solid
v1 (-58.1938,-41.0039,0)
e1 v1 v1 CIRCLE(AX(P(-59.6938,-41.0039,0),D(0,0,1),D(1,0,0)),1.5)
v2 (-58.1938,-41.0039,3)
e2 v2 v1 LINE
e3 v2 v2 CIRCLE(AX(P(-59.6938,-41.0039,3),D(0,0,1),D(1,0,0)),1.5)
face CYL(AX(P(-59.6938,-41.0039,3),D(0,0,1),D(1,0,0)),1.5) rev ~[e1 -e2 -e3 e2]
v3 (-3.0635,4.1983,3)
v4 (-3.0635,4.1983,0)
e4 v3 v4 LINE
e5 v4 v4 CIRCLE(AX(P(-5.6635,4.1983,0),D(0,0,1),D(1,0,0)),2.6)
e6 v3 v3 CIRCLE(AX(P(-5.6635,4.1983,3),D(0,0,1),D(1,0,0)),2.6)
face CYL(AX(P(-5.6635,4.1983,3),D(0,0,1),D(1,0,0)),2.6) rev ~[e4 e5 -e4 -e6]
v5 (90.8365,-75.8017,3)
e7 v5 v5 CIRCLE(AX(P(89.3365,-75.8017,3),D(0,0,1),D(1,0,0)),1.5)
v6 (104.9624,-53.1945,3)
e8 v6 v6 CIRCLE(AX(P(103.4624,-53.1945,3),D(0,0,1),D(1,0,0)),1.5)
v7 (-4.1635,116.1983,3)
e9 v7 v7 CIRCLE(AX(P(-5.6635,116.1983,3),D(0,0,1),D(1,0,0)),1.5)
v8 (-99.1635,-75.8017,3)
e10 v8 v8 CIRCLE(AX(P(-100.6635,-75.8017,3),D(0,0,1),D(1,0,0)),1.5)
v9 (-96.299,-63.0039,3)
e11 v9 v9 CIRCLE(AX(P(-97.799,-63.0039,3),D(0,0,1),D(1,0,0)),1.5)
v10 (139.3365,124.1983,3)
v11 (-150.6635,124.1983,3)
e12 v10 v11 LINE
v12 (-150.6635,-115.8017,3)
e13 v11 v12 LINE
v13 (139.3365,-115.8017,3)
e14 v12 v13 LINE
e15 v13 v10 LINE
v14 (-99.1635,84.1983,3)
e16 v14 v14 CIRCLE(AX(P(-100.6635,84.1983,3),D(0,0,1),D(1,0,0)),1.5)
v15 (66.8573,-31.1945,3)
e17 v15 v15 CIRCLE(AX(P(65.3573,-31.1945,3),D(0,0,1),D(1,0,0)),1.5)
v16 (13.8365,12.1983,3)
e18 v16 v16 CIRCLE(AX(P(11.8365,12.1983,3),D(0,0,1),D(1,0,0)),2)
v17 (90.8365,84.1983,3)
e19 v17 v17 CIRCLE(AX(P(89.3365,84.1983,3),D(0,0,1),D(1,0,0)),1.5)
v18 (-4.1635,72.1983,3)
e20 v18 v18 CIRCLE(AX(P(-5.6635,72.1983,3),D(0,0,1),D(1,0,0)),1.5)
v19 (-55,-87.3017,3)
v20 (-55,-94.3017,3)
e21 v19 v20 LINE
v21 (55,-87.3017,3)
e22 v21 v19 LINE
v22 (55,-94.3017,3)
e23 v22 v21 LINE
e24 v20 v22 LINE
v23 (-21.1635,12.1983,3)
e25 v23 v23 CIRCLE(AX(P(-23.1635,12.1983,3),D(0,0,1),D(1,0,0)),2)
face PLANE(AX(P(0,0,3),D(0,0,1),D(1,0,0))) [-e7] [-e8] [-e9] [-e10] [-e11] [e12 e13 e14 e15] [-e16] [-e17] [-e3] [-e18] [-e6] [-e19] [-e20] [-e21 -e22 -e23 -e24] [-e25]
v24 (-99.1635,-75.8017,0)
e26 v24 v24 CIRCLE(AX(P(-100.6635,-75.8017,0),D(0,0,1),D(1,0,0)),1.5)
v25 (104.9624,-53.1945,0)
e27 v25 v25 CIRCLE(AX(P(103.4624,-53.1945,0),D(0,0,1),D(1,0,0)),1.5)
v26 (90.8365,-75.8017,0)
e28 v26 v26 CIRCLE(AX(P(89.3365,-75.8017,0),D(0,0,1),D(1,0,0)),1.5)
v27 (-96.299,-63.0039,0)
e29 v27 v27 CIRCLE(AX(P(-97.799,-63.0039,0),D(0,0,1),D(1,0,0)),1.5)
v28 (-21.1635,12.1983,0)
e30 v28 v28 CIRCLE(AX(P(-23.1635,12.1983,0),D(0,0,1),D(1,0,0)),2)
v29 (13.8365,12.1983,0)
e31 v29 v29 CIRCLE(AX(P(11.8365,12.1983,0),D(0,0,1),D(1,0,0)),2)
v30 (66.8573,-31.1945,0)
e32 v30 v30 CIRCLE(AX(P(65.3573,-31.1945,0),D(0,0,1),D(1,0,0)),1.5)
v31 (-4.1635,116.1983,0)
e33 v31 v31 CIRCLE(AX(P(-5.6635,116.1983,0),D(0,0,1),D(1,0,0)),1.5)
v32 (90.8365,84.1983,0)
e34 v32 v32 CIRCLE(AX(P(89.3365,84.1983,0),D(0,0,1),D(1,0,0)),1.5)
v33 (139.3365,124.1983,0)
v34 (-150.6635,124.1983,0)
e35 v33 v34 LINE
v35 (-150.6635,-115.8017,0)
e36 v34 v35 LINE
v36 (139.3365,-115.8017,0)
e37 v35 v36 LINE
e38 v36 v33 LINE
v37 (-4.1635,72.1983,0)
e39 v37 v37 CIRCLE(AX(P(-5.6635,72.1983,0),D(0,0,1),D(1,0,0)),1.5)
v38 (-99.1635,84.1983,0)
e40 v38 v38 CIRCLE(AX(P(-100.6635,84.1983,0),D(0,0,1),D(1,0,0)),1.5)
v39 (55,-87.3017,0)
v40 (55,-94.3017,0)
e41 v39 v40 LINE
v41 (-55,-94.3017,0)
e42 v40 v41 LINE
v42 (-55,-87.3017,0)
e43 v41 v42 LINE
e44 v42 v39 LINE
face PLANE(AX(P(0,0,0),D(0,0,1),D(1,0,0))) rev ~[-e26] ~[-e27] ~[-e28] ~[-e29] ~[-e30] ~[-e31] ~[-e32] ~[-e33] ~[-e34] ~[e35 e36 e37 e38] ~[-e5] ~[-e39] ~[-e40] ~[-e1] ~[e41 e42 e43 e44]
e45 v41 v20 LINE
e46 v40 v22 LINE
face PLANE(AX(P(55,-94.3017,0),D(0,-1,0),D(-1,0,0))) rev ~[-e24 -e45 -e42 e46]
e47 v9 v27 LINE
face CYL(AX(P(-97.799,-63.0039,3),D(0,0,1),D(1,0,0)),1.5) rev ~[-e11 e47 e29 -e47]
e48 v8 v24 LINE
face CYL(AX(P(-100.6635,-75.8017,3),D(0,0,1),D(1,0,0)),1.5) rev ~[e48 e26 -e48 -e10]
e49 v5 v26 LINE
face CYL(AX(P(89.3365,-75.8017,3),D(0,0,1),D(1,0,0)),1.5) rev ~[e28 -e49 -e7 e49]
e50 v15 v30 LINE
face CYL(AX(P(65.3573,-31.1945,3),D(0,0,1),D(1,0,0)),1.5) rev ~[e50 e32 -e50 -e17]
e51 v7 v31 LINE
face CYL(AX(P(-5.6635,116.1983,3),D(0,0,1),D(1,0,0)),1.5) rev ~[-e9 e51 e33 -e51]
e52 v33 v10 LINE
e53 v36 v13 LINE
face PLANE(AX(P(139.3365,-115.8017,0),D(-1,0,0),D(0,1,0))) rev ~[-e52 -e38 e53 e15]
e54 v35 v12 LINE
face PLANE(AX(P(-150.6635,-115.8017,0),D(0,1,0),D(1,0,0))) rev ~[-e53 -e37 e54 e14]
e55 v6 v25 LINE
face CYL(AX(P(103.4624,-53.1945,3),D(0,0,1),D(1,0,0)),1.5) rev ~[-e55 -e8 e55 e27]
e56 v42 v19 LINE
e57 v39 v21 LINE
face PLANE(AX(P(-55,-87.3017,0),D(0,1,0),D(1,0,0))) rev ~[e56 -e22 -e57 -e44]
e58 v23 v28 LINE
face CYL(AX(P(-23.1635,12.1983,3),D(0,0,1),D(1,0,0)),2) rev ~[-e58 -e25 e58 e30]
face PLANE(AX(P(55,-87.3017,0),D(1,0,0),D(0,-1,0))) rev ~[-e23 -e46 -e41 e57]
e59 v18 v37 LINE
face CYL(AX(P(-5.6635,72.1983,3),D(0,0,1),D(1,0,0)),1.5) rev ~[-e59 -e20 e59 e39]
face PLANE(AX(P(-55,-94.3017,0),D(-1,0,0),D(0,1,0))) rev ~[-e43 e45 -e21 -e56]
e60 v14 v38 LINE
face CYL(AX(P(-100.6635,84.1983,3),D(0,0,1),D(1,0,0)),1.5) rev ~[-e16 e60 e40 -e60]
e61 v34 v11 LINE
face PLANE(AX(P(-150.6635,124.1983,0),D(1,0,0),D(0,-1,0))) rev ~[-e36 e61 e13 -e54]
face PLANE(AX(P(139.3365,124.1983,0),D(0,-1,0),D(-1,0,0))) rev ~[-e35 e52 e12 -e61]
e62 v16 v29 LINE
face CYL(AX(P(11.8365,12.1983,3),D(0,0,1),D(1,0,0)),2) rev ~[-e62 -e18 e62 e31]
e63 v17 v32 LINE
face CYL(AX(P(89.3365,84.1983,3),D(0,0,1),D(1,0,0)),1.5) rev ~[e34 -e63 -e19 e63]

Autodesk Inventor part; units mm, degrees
ref_plane "YZ Plane" through (0, 0, 0) normal (1, 0, 0) x (0, 1, 0)
ref_plane "XZ Plane" through (0, 0, 0) normal (0, 1, 0) x (-1, 0, 0)
ref_plane "XY Plane" through (0, 0, 0) normal (0, 0, 1) x (1, 0, 0)
sketch "Эскиз1" plane through (0, 0, 0) normal (0, 0, 1) x (1, 0, 0)
  line L0 (-150.6635, -115.8017) -> (139.3365, -115.8017)
  line L1 (139.3365, -115.8017) -> (139.3365, 124.1983)
  line L2 (139.3365, 124.1983) -> (-150.6635, 124.1983)
  line L3 (-150.6635, 124.1983) -> (-150.6635, -115.8017)
  line L4 (139.3365, -115.8017) -> (-150.6635, 124.1983) construction
  line L5 (-150.6635, -115.8017) -> (139.3365, 124.1983) construction
  point P0 (-5.6635, 4.1983)
  point P1 (-5.6635, 4.1983)
  point P2 (-5.6635, 4.1983)
  dimension "d0" = 240
  dimension "d1" = 290
extrude "Выдавливание1" add sketch "Эскиз1" along normal blind 3
sketch "Эскиз2" plane through (0, 0, 3) normal (0, 0, 1) x (1, 0, 0)
  circle A0 centre (0, 0) radius 100
  dimension "d4" = 200
ref_plane "РабПлоскость1" through (-5.6635, -115.8017, 0) normal (-1, 0, 0) x (0, 0, 1)
ref_plane "РабПлоскость2" through (-150.6635, 4.1983, 0) normal (0, 1, 0) x (1, 0, 0)
sketch "Эскиз3" plane through (0, 0, 3) normal (0, 0, 1) x (1, 0, 0)
  circle A0 centre (-97.799, -63.0039) radius 1.5 projected
  circle A1 centre (-59.6938, -41.0039) radius 1.5 projected
  circle A2 centre (103.4624, -53.1945) radius 1.5 projected
  circle A3 centre (65.3573, -31.1945) radius 1.5 projected
  circle A4 centre (-5.6635, 72.1983) radius 1.5 projected
  circle A5 centre (-5.6635, 116.1983) radius 1.5 projected
  point P0 (0, 0)
extrude "Выдавливание2" cut sketch "Эскиз3" against normal blind 10
sketch "Эскиз4" plane through (0, 0, 0) normal (0, 0, -1) x (-1, 0, 0)
  line L0 (-55, -94.3017) -> (55, -94.3017)
  line L1 (55, -94.3017) -> (55, -87.3017)
  line L2 (55, -87.3017) -> (-55, -87.3017)
  line L3 (-55, -87.3017) -> (-55, -94.3017)
  line L4 (0, 0) -> (0, 37.9821) construction
  line L5 (150.6635, -115.8017) -> (-139.3365, -115.8017) construction
  line L6 (-11.6132, -94.8017) -> (-38.9526, -94.8017) projected
  line L7 (-11.6132, -89.8017) -> (-38.9526, -89.8017) projected
  point P0 (0, -87.3017)
  dimension "d7" = 7
  dimension "d8" = 55
  dimension "d9" = 21.5
extrude "Выдавливание3" cut sketch "Эскиз4" against normal blind 10
sketch "Эскиз6" plane through (0, 0, 3) normal (0, 0, 1) x (1, 0, 0)
  circle A0 centre (-23.1635, 12.1983) radius 2 projected
  circle A1 centre (11.8365, 12.1983) radius 2 projected
  line L0 (55, -87.3017) -> (-55, -87.3017) projected
  line L1 (-55, -87.3017) -> (-55, -94.3017) projected
  line L2 (-55, -94.3017) -> (55, -94.3017) projected
  line L3 (55, -94.3017) -> (55, -87.3017) projected
  circle A2 centre (65.3573, -31.1945) radius 1.5 projected
  circle A3 centre (-97.799, -63.0039) radius 1.5 projected
  circle A4 centre (103.4624, -53.1945) radius 1.5 projected
  circle A5 centre (-59.6938, -41.0039) radius 1.5 projected
  circle A6 centre (-5.6635, 72.1983) radius 1.5 projected
  circle A7 centre (-5.6635, 116.1983) radius 1.5 projected
  line L4 (139.3365, -115.8017) -> (139.3365, 124.1983) projected
  line L5 (-150.6635, -115.8017) -> (139.3365, -115.8017) projected
  line L6 (-150.6635, 124.1983) -> (-150.6635, -115.8017) projected
  line L7 (139.3365, 124.1983) -> (-150.6635, 124.1983) projected
  arc A8 (-7.1635, 6.1983) -> (-7.1635, 2.1983) centre (-5.6635, 4.1983) ccw projected
  circle A9 centre (-5.6635, 4.1983) radius 2.6
  point P0 (0, 0)
  point P1 (0.9551, 9.8906)
  dimension "d16" = 0.1
extrude "Выдавливание5" cut sketch "Эскиз6" against normal blind 10 contours A0 | A1 | A9
sketch "Эскиз7" plane through (0, 0, 3) normal (0, 0, 1) x (1, 0, 0)
  circle A0 centre (89.3365, -75.8017) radius 1.5 projected
  circle A1 centre (89.3365, 84.1983) radius 1.5 projected
  circle A2 centre (-100.6635, 84.1983) radius 1.5 projected
  line L0 (-150.6635, -115.8017) -> (139.3365, -115.8017) projected
  line L1 (-150.6635, 124.1983) -> (-150.6635, -115.8017) projected
  circle A3 centre (-100.6635, -75.8017) radius 1.5 projected
  point P0 (0, 0)
extrude "Выдавливание6" cut sketch "Эскиз7" against normal blind 10
properties part number "панель_электроники_и не только"
